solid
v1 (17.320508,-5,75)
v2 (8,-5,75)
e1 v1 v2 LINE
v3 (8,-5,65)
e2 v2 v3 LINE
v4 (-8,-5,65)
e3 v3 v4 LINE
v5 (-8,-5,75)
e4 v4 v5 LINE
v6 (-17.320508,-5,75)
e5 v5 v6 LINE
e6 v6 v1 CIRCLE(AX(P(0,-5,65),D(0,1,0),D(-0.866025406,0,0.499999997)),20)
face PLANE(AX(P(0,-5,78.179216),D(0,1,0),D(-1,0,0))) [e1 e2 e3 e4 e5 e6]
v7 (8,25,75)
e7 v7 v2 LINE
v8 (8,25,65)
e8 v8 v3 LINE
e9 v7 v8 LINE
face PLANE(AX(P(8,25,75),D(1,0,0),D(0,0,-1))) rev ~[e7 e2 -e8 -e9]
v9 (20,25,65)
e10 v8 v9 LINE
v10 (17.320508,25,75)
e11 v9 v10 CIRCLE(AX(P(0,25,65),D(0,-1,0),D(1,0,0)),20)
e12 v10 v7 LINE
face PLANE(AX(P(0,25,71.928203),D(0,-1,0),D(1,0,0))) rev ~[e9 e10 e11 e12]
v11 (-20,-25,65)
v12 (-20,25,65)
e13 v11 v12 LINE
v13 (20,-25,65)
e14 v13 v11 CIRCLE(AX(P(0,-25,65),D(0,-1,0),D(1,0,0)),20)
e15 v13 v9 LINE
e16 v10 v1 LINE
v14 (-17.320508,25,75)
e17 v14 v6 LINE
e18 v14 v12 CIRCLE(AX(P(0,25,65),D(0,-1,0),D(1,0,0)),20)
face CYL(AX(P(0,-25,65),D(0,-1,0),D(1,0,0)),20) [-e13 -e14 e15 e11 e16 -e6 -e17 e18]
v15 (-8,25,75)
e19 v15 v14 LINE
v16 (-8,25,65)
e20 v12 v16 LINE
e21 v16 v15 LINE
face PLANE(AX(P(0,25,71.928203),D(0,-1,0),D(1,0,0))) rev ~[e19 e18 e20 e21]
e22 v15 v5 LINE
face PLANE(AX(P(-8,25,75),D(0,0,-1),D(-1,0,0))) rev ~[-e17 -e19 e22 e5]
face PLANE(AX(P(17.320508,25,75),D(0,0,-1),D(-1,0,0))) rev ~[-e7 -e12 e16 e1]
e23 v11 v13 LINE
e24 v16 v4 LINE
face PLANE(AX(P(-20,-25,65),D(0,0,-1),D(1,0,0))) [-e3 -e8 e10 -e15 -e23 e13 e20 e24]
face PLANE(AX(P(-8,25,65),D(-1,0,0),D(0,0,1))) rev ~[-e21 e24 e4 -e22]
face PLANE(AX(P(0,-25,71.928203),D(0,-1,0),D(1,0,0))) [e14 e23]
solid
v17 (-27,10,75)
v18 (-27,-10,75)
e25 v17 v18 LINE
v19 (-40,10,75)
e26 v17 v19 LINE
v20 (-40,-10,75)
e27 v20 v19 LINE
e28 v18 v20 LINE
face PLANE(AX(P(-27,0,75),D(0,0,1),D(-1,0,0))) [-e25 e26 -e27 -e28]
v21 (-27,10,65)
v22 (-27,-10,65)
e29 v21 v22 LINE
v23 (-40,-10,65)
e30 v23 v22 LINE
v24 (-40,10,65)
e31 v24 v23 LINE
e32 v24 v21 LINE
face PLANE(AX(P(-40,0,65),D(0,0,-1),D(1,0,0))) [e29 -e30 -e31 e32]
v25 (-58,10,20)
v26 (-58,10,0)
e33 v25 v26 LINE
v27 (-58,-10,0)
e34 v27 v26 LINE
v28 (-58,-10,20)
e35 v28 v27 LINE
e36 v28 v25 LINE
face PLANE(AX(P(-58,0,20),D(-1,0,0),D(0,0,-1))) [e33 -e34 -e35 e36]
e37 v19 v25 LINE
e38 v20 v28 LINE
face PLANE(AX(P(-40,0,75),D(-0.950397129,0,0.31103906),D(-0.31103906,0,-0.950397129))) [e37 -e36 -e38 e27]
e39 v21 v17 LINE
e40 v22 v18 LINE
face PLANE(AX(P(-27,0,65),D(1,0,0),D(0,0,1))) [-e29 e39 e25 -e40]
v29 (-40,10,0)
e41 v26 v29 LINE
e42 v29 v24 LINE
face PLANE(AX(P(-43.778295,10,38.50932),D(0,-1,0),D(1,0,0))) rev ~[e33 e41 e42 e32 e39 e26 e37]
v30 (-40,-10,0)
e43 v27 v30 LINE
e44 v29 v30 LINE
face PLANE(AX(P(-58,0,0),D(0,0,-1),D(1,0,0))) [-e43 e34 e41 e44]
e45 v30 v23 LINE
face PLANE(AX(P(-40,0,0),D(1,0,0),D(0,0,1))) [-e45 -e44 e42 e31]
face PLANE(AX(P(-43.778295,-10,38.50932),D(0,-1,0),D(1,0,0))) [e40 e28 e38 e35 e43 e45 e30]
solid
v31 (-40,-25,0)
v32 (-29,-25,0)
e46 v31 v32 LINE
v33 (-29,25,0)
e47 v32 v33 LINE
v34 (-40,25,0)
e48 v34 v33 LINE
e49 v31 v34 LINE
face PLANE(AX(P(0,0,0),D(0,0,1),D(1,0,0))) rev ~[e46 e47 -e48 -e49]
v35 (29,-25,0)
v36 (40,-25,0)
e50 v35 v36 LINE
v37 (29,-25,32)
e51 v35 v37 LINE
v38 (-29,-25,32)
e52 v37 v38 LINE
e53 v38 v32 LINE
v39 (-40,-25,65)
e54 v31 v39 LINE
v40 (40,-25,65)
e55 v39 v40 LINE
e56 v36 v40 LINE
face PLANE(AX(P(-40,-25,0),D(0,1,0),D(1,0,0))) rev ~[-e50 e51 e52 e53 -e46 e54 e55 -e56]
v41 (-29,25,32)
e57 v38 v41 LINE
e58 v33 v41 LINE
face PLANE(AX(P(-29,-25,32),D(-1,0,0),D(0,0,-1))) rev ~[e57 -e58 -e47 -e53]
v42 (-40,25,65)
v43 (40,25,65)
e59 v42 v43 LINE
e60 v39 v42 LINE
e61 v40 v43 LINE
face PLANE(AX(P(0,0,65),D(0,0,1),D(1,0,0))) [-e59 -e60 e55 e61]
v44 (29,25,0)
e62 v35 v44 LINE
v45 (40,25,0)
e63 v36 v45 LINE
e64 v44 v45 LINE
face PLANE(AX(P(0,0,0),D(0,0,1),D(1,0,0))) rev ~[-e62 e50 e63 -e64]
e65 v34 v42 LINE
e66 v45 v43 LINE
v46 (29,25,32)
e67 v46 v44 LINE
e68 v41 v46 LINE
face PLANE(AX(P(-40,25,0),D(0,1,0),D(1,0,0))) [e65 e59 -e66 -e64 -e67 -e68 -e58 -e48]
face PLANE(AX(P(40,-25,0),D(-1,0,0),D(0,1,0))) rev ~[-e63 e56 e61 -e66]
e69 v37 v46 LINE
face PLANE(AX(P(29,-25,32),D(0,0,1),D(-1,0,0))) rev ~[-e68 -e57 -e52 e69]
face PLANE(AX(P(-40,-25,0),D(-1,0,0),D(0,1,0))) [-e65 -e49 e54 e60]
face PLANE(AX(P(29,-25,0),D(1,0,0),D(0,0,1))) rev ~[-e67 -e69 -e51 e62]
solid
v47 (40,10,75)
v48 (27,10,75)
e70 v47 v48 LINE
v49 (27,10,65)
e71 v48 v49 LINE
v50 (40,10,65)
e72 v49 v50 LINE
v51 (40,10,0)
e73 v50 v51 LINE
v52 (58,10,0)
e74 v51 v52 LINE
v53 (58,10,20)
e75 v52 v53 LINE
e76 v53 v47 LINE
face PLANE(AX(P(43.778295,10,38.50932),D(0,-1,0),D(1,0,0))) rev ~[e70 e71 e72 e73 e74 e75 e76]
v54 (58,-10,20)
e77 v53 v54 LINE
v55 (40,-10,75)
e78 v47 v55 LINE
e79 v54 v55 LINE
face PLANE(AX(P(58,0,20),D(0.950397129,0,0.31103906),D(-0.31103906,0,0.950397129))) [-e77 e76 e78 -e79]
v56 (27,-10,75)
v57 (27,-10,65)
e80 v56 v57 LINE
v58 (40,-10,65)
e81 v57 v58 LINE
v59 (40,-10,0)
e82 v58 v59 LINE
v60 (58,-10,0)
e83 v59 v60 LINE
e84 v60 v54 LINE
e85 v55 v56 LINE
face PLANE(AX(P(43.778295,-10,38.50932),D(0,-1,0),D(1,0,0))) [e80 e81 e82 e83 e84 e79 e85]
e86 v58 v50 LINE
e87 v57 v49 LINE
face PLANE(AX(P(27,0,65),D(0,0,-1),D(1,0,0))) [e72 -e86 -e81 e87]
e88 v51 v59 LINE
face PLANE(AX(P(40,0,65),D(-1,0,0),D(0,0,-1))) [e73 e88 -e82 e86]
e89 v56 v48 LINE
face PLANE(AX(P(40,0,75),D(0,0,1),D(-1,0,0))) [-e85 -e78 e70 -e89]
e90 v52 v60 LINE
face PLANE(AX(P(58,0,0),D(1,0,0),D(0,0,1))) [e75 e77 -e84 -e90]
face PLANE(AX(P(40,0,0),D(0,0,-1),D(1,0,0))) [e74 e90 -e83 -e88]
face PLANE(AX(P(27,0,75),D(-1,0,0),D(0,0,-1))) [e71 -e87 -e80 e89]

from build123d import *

# Parameters (mm, degrees)
F0_W          = 80
F0_H          = 50
F1_DEPTH      = 65
F3_DEPTH      = 234.7
F5_DEPTH      = 50
F7_DEPTH      = 30
F9_DEPTH      = 10
F9_DEPTH_BACK = 10


with BuildPart() as f1:
    # F0 (on Top) → F1 (new body)
    with BuildSketch(Plane.XY):
        Rectangle(F0_W, F0_H)
    extrude(amount=F1_DEPTH)

    # F2 (on face) → F3 (cut)
    with BuildSketch(Plane.XZ.offset(25)):
        Polygon((-29, 0), (0, 0), (29, 0), (29, 32), (-29, 32), align=None)
    extrude(amount=-F3_DEPTH, mode=Mode.SUBTRACT)


with BuildPart() as f5:
    # F4 (on face) → F5 (new body, through all)
    with BuildSketch(Plane.XZ.offset(25)):
        with BuildLine():
            Line((-20, 65), (20, 65))
            ThreePointArc((20, 65), (0, 85), (-20, 65))
        make_face()
    extrude(amount=-F5_DEPTH)

    # F6 (on face) → F7 (cut)
    with BuildSketch(Plane(origin=(0, 25, 0), x_dir=(-1, 0, 0), z_dir=(0, 1, 0))):
        with BuildLine():
            Line((-8, 75), (8, 75))
            Line((8, 75), (17.320508, 75))
            ThreePointArc((17.320508, 75), (0, 85), (-17.320508, 75))
            Line((-17.320508, 75), (-8, 75))
        make_face()
        Polygon((-8, 65), (0, 65), (8, 65), (8, 75), (-8, 75), align=None)
    extrude(amount=-F7_DEPTH, mode=Mode.SUBTRACT)


with BuildPart() as f9:
    # F8 (on Front) → F9 (new body, two sides)
    with BuildSketch(Plane.XZ) as f9_sk:
        Polygon((40, 65), (40, 0), (58, 0), (58, 20), (40, 75), (27, 75), (27, 65), align=None)
        Polygon((-58, 0), (-40, 0), (-40, 65), (-27, 65), (-27, 75), (-40, 75), (-58, 20), align=None)
    extrude(amount=F9_DEPTH)
    extrude(f9_sk.sketch, amount=-F9_DEPTH_BACK)


solid = Compound([f1.part, f5.part, f9.part])
